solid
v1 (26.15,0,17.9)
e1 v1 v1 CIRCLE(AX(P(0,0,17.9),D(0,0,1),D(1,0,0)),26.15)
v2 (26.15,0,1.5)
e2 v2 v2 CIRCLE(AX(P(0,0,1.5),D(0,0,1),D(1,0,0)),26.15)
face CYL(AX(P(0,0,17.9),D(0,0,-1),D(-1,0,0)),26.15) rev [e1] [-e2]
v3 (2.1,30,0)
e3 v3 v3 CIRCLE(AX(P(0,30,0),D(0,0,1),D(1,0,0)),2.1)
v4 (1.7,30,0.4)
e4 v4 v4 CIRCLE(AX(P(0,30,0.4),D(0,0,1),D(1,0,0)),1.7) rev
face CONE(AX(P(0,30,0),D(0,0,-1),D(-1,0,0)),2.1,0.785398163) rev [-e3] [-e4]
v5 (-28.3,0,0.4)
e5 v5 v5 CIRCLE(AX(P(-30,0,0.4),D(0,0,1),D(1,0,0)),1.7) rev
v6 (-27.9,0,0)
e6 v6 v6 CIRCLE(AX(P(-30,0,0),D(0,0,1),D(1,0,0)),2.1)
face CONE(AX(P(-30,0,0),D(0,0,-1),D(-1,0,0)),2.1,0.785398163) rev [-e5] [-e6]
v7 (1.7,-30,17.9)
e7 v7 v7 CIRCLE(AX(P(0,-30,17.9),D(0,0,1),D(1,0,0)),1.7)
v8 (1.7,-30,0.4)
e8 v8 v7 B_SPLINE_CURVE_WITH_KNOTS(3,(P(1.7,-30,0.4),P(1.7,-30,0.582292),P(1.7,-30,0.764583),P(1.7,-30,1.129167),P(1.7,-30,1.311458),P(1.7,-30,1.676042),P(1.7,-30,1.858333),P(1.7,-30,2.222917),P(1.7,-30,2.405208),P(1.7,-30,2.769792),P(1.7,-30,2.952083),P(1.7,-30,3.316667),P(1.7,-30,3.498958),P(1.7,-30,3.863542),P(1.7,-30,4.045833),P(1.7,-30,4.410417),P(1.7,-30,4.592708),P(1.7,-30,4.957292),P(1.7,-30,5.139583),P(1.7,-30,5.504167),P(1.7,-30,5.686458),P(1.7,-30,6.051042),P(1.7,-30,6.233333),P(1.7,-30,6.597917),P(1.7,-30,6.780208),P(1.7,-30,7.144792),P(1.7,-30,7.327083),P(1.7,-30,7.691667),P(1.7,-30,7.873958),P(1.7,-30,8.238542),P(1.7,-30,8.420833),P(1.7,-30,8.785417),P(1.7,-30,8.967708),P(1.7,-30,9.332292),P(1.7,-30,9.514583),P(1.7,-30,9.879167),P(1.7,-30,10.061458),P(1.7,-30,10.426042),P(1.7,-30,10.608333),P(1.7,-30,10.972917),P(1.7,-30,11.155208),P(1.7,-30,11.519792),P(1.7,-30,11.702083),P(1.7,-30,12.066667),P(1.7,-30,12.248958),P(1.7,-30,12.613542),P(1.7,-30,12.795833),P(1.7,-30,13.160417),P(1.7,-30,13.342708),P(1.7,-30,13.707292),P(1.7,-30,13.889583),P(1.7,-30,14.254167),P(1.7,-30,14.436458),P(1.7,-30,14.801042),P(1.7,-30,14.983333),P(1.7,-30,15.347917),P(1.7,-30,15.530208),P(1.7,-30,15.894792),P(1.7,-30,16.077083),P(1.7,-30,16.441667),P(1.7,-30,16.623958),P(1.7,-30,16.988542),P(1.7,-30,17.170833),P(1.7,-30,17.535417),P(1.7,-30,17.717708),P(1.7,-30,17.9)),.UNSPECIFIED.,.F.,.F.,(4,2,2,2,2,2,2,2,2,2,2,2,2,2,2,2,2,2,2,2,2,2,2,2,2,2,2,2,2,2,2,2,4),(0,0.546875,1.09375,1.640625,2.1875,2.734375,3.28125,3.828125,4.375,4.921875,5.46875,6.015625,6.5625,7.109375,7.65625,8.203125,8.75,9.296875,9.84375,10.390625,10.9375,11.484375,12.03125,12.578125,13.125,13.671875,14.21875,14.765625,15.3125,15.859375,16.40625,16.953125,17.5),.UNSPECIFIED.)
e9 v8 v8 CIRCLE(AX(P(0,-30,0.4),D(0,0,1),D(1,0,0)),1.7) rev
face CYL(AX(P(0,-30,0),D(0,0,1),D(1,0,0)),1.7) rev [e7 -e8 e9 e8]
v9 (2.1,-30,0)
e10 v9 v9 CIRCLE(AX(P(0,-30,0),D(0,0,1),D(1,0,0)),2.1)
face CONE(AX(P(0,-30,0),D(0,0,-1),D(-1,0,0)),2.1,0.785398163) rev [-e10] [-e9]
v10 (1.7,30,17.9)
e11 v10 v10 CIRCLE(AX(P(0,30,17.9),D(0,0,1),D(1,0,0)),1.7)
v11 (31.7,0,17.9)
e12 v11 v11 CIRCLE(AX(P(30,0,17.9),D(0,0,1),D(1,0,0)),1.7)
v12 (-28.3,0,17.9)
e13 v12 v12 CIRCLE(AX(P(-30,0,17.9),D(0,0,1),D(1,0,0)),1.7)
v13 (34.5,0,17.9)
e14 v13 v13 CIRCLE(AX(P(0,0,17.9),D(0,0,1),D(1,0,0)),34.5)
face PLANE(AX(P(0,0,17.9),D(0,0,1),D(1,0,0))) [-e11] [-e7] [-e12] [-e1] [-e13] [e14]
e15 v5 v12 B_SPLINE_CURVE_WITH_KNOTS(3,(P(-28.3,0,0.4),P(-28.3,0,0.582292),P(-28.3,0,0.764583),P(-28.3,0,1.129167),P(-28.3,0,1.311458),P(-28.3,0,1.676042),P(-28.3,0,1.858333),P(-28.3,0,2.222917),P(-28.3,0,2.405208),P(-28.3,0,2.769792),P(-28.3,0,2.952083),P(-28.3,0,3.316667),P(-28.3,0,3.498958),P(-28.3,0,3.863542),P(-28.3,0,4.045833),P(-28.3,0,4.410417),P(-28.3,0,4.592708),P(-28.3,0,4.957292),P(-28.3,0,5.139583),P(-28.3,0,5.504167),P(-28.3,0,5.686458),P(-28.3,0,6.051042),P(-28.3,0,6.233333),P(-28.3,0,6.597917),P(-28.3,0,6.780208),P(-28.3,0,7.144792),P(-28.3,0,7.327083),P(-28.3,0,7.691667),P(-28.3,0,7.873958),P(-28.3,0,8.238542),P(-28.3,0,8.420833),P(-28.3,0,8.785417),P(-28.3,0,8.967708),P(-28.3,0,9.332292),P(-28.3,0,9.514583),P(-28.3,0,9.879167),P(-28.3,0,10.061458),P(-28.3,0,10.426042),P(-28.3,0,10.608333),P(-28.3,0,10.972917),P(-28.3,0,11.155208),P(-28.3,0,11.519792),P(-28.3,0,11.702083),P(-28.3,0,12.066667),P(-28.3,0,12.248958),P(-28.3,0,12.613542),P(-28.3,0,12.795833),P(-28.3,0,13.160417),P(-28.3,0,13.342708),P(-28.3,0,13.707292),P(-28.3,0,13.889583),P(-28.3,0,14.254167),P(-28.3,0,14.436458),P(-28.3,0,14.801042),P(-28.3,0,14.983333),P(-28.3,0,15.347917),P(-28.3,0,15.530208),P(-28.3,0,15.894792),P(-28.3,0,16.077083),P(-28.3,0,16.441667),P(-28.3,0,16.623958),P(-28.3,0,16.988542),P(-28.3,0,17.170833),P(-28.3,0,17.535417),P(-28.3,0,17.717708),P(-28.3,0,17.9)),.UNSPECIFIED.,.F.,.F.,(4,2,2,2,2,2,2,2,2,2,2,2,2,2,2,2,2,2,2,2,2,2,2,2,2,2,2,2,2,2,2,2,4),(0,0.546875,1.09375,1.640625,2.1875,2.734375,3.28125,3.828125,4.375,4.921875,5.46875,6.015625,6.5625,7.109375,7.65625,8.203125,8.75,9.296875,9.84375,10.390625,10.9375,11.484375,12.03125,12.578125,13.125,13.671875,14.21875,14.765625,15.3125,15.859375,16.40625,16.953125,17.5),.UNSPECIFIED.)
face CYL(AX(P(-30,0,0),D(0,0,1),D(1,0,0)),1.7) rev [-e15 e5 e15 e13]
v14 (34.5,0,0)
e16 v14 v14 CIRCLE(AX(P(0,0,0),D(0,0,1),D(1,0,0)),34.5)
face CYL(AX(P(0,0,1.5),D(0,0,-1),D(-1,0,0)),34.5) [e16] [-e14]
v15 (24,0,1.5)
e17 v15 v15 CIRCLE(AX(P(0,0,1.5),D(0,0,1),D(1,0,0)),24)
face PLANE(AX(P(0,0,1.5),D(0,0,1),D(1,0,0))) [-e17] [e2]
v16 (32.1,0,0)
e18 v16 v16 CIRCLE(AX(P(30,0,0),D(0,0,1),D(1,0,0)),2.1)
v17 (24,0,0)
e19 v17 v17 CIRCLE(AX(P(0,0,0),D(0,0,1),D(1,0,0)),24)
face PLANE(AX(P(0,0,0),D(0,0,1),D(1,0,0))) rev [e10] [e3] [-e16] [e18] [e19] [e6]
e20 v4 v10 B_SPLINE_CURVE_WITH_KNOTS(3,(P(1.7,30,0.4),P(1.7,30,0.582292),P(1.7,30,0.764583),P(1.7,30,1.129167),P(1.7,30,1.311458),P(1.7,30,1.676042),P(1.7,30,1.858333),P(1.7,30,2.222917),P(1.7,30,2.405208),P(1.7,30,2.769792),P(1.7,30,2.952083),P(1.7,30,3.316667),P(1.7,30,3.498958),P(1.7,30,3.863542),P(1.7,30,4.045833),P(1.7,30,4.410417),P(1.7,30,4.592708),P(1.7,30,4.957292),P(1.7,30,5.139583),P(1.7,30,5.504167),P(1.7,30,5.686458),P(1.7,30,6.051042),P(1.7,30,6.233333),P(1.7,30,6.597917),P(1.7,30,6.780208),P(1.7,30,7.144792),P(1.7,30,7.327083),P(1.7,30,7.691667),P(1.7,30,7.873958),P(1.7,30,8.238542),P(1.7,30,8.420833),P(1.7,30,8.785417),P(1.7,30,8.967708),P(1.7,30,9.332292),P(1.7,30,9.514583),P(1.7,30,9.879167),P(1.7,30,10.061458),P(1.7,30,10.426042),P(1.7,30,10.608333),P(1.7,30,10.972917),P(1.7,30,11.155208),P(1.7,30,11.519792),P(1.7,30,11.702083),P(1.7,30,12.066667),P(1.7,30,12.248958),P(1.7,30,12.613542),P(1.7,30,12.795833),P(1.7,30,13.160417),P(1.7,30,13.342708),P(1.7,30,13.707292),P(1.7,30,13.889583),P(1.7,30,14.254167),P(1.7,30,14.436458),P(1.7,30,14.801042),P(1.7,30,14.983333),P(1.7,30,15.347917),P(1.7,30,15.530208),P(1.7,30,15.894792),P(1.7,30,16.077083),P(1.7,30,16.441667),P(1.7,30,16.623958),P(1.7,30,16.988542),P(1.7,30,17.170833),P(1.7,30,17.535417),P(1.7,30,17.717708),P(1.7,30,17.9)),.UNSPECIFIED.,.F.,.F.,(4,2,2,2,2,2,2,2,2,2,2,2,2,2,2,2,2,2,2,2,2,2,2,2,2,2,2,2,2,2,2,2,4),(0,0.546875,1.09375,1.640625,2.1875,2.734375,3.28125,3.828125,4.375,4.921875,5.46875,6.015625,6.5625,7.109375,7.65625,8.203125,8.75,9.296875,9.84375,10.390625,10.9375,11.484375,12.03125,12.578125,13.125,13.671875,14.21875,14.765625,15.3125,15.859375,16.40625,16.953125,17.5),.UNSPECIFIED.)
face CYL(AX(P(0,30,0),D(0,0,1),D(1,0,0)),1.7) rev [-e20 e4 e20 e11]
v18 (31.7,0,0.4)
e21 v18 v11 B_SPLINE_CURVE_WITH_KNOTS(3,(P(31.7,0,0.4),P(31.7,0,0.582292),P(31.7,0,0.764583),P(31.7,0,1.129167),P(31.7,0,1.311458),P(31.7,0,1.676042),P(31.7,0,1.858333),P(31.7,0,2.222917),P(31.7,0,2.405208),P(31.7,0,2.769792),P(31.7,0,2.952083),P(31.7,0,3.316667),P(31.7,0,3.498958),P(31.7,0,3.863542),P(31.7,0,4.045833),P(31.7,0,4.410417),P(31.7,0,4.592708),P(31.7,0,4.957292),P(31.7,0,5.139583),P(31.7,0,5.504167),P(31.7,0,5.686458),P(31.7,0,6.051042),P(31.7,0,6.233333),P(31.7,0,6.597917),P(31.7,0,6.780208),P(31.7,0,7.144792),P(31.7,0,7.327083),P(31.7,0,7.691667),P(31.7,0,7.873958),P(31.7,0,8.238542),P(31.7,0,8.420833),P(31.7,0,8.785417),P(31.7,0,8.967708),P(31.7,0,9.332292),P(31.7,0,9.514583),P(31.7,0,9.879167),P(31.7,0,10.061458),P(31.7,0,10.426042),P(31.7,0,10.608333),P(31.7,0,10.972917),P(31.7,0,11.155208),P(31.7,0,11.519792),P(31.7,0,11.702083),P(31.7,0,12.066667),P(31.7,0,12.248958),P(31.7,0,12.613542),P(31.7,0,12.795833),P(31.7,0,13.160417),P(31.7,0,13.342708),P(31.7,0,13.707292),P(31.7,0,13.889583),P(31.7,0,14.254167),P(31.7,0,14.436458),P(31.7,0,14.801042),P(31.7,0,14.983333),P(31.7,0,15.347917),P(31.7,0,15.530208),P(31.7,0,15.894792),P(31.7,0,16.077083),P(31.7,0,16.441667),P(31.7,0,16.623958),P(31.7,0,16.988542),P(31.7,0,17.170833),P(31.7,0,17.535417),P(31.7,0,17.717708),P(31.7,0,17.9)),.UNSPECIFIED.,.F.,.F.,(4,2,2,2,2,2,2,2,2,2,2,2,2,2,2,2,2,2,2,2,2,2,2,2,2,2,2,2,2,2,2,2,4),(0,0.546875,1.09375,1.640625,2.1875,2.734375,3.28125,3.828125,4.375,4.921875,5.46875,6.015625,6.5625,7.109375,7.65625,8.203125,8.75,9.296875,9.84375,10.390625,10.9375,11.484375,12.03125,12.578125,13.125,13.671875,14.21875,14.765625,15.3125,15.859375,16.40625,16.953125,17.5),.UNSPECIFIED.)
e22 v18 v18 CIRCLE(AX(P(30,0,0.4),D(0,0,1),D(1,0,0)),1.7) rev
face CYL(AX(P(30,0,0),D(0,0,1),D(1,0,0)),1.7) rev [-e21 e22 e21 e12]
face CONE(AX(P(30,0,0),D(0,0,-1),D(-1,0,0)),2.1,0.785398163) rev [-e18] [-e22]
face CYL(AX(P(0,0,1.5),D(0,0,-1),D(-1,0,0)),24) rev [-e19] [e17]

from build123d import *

# Parameters (mm, degrees)
SKETCH1_R           = 34.5
SKETCH1_R_2         = 24
BOSS_EXTRUDE1_DEPTH = 1.5
SKETCH3_R           = 34.5
SKETCH3_R_2         = 26.15
BOSS_EXTRUDE2_DEPTH = 16.4
SKETCH4_R           = 1.7
CUT_EXTRUDE1_DEPTH  = 52.970279968
CHAMFER1_SIZE       = 0.4


with BuildPart() as part:
    # Sketch1 → Boss-Extrude1 (new body)
    with BuildSketch(Plane.XY):
        Circle(SKETCH1_R)
        Circle(SKETCH1_R_2, mode=Mode.SUBTRACT)
    extrude(amount=BOSS_EXTRUDE1_DEPTH)

    # Sketch3 → Boss-Extrude2 (add)
    with BuildSketch(Plane.XY.offset(1.5)):
        Circle(SKETCH3_R)
        Circle(SKETCH3_R_2, mode=Mode.SUBTRACT)
    extrude(amount=BOSS_EXTRUDE2_DEPTH)

    # Sketch4 → Cut-Extrude1 (cut, through all)
    with BuildSketch(Plane.XY.offset(17.9)):
        with Locations((0, 30)):
            Circle(SKETCH4_R)
        with Locations((30, 0)):
            Circle(SKETCH4_R)
        with Locations((0, -30)):
            Circle(SKETCH4_R)
        with Locations((-30, 0)):
            Circle(SKETCH4_R)
    extrude(amount=-CUT_EXTRUDE1_DEPTH, mode=Mode.SUBTRACT)

    # Chamfer1
    chamfer1_edges = [part.edges().sort_by_distance(p)[0] for p in [
        (-1.7, 30, 0),
        (28.3, 0, 0),
        (-1.7, -30, 0),
        (-31.7, 0, 0),
    ]]
    chamfer(chamfer1_edges, length=CHAMFER1_SIZE)


solid = part.part
